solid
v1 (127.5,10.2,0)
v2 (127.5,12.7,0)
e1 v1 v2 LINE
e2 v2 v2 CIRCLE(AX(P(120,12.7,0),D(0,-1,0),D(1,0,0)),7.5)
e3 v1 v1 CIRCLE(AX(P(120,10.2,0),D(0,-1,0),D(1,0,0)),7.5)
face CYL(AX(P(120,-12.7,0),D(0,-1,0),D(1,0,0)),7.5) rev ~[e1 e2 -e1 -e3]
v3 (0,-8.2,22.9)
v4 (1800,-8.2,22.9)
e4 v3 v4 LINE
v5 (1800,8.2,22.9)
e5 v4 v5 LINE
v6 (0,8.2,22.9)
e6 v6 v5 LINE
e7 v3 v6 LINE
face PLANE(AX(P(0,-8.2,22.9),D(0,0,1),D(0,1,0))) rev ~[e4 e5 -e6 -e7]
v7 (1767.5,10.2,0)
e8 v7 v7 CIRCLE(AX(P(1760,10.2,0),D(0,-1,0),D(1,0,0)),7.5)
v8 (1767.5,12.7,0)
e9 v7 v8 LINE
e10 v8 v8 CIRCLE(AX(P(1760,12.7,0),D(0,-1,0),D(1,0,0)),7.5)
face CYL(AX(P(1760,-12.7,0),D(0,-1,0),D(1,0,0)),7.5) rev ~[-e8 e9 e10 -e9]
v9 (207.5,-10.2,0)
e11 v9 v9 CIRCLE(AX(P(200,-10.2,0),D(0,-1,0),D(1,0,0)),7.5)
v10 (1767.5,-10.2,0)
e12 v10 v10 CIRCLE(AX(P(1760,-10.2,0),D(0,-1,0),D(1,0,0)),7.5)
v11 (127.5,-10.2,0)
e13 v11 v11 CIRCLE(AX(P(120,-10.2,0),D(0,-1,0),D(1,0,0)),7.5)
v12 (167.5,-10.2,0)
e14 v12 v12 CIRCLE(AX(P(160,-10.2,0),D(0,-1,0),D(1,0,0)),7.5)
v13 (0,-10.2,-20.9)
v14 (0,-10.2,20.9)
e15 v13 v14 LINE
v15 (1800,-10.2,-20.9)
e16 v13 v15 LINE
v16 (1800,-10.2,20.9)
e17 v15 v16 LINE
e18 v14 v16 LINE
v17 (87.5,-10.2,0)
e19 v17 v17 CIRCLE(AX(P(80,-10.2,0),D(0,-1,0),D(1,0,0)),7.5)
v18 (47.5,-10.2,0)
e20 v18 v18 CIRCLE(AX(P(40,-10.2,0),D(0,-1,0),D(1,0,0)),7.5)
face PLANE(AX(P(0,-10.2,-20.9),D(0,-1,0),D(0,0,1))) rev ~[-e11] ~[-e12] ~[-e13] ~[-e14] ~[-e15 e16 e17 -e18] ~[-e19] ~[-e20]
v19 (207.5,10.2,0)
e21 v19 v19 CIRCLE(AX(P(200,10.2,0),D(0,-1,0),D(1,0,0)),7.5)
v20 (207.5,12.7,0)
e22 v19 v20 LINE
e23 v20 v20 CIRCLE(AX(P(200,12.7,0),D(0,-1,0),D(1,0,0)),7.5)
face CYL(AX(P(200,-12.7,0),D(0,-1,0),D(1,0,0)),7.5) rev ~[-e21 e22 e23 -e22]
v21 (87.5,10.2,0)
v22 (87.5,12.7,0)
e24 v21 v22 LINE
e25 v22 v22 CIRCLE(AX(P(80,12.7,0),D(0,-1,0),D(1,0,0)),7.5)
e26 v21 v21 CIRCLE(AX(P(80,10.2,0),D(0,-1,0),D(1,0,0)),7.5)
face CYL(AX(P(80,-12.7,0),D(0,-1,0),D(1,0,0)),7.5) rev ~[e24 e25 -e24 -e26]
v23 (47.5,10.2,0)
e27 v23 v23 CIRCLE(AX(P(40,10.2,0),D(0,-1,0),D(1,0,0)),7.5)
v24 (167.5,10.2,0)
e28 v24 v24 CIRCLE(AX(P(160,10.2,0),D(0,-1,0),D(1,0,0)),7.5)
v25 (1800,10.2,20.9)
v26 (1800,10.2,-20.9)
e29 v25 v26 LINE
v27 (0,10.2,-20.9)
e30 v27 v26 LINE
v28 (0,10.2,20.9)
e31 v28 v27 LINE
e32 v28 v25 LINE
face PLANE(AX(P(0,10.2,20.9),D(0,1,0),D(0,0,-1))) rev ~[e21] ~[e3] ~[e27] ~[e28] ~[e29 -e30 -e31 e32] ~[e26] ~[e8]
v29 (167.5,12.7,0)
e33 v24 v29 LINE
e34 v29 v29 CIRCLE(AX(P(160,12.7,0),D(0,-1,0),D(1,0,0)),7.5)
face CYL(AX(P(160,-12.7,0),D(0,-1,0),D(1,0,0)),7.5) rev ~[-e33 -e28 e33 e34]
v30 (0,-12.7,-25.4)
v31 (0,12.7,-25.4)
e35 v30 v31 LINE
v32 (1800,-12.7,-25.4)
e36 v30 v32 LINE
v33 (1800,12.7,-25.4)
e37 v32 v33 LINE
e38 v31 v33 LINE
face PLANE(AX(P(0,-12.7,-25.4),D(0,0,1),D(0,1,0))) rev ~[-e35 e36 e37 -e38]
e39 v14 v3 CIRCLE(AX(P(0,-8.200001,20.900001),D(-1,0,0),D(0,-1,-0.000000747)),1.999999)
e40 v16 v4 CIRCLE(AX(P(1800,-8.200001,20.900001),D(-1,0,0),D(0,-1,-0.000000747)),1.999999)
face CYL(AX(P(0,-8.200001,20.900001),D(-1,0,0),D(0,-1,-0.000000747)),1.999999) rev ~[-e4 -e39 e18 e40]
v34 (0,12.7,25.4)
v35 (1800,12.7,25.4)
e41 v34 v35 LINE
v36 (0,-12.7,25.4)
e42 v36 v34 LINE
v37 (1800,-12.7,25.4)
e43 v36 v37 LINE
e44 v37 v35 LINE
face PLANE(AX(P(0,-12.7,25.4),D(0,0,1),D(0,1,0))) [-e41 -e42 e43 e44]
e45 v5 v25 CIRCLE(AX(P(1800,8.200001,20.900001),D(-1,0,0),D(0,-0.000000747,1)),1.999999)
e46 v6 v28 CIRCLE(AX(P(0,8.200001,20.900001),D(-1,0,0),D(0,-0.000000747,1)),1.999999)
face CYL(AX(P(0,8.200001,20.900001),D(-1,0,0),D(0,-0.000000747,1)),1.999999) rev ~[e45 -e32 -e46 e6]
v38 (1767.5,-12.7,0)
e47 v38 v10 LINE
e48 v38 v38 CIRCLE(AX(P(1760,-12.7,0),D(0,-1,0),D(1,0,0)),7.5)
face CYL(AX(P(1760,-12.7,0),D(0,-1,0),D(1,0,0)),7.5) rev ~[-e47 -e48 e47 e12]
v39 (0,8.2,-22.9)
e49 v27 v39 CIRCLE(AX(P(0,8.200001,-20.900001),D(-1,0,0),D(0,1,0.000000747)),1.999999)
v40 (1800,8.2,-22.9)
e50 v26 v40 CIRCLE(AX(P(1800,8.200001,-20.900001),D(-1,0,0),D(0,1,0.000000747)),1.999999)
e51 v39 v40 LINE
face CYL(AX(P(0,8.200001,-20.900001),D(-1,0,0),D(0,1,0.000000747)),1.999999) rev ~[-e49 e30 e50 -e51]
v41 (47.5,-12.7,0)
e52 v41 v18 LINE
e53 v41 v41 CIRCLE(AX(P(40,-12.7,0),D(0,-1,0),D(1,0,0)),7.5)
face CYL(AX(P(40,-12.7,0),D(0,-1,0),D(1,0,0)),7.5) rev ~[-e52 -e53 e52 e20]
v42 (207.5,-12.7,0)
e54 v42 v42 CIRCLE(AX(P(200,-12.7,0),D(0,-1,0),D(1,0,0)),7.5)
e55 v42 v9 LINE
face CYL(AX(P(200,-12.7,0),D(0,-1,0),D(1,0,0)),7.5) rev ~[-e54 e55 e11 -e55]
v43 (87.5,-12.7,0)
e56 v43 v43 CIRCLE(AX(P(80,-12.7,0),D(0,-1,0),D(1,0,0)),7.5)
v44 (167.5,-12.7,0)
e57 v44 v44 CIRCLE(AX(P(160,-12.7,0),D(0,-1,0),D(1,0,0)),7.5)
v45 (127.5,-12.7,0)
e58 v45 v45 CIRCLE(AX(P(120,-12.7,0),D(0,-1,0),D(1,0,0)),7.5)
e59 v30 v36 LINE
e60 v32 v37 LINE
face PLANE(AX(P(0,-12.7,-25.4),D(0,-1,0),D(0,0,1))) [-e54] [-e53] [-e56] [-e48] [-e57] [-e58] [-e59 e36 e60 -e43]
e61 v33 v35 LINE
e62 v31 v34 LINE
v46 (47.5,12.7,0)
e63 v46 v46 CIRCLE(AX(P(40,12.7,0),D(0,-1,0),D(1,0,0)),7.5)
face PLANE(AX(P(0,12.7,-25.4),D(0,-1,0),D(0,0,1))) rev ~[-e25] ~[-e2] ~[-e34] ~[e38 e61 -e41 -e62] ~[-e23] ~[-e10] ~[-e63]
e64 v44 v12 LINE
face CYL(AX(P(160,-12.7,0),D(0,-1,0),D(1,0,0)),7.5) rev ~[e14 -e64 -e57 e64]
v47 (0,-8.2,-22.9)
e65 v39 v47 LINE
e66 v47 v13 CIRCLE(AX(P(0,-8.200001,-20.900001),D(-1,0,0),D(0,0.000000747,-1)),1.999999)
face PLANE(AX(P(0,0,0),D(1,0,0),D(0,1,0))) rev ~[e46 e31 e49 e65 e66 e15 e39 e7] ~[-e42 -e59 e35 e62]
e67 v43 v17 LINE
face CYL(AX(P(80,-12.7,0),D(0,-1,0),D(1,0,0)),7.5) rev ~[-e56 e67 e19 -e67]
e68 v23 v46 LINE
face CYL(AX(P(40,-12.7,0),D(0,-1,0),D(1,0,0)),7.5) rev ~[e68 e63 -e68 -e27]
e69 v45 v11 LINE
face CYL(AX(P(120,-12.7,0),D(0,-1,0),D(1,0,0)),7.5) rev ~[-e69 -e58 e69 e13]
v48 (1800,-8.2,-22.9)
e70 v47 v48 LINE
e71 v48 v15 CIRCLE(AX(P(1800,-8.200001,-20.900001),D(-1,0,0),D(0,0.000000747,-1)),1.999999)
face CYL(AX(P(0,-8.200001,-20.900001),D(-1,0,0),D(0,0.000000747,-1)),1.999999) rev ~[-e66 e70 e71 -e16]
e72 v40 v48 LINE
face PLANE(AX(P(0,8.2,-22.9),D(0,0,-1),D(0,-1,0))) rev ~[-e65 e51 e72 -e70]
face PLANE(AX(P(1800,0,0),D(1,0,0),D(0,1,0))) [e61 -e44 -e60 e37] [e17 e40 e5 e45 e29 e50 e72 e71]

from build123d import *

# Parameters (mm, degrees)
F0_W     = 25.4
F0_H     = 50.8
F1_DEPTH = 1800
F2_R     = 7.5
F3_DEPTH = 25.4
F4_R     = 7.5
F5_DEPTH = 25.4


with BuildPart() as f1:
    # F0 (on Right) → F1 (new body)
    with BuildSketch(Plane.YZ):
        Rectangle(F0_W, F0_H)
        with BuildLine():
            Line((-8.2, 22.9), (8.2, 22.9))
            ThreePointArc((8.2, 22.9), (9.614214, 22.314214), (10.2, 20.9))
            Line((10.2, 20.9), (10.2, -20.9))
            ThreePointArc((10.2, -20.9), (9.614214, -22.314214), (8.2, -22.9))
            Line((8.2, -22.9), (-8.2, -22.9))
            ThreePointArc((-8.2, -22.9), (-9.614214, -22.314214), (-10.2, -20.9))
            Line((-10.2, -20.9), (-10.2, 20.9))
            ThreePointArc((-10.2, 20.9), (-9.614214, 22.314214), (-8.2, 22.9))
        make_face(mode=Mode.SUBTRACT)
    extrude(amount=F1_DEPTH)

    # F2 (on face) → F3 (cut, through all)
    with BuildSketch(Plane.XZ.offset(12.7)):
        with Locations((1760, 0)):
            Circle(F2_R)
    extrude(amount=-F3_DEPTH, mode=Mode.SUBTRACT)

    # F4 (on face) → F5 (cut, through all)
    with BuildSketch(Plane.XZ.offset(12.7)):
        with Locations((40, 0)):
            Circle(F4_R)
        with Locations((80, 0)):
            Circle(F4_R)
        with Locations((120, 0)):
            Circle(F4_R)
        with Locations((160, 0)):
            Circle(F4_R)
        with Locations((200, 0)):
            Circle(F4_R)
    extrude(amount=-F5_DEPTH, mode=Mode.SUBTRACT)


solid = f1.part
